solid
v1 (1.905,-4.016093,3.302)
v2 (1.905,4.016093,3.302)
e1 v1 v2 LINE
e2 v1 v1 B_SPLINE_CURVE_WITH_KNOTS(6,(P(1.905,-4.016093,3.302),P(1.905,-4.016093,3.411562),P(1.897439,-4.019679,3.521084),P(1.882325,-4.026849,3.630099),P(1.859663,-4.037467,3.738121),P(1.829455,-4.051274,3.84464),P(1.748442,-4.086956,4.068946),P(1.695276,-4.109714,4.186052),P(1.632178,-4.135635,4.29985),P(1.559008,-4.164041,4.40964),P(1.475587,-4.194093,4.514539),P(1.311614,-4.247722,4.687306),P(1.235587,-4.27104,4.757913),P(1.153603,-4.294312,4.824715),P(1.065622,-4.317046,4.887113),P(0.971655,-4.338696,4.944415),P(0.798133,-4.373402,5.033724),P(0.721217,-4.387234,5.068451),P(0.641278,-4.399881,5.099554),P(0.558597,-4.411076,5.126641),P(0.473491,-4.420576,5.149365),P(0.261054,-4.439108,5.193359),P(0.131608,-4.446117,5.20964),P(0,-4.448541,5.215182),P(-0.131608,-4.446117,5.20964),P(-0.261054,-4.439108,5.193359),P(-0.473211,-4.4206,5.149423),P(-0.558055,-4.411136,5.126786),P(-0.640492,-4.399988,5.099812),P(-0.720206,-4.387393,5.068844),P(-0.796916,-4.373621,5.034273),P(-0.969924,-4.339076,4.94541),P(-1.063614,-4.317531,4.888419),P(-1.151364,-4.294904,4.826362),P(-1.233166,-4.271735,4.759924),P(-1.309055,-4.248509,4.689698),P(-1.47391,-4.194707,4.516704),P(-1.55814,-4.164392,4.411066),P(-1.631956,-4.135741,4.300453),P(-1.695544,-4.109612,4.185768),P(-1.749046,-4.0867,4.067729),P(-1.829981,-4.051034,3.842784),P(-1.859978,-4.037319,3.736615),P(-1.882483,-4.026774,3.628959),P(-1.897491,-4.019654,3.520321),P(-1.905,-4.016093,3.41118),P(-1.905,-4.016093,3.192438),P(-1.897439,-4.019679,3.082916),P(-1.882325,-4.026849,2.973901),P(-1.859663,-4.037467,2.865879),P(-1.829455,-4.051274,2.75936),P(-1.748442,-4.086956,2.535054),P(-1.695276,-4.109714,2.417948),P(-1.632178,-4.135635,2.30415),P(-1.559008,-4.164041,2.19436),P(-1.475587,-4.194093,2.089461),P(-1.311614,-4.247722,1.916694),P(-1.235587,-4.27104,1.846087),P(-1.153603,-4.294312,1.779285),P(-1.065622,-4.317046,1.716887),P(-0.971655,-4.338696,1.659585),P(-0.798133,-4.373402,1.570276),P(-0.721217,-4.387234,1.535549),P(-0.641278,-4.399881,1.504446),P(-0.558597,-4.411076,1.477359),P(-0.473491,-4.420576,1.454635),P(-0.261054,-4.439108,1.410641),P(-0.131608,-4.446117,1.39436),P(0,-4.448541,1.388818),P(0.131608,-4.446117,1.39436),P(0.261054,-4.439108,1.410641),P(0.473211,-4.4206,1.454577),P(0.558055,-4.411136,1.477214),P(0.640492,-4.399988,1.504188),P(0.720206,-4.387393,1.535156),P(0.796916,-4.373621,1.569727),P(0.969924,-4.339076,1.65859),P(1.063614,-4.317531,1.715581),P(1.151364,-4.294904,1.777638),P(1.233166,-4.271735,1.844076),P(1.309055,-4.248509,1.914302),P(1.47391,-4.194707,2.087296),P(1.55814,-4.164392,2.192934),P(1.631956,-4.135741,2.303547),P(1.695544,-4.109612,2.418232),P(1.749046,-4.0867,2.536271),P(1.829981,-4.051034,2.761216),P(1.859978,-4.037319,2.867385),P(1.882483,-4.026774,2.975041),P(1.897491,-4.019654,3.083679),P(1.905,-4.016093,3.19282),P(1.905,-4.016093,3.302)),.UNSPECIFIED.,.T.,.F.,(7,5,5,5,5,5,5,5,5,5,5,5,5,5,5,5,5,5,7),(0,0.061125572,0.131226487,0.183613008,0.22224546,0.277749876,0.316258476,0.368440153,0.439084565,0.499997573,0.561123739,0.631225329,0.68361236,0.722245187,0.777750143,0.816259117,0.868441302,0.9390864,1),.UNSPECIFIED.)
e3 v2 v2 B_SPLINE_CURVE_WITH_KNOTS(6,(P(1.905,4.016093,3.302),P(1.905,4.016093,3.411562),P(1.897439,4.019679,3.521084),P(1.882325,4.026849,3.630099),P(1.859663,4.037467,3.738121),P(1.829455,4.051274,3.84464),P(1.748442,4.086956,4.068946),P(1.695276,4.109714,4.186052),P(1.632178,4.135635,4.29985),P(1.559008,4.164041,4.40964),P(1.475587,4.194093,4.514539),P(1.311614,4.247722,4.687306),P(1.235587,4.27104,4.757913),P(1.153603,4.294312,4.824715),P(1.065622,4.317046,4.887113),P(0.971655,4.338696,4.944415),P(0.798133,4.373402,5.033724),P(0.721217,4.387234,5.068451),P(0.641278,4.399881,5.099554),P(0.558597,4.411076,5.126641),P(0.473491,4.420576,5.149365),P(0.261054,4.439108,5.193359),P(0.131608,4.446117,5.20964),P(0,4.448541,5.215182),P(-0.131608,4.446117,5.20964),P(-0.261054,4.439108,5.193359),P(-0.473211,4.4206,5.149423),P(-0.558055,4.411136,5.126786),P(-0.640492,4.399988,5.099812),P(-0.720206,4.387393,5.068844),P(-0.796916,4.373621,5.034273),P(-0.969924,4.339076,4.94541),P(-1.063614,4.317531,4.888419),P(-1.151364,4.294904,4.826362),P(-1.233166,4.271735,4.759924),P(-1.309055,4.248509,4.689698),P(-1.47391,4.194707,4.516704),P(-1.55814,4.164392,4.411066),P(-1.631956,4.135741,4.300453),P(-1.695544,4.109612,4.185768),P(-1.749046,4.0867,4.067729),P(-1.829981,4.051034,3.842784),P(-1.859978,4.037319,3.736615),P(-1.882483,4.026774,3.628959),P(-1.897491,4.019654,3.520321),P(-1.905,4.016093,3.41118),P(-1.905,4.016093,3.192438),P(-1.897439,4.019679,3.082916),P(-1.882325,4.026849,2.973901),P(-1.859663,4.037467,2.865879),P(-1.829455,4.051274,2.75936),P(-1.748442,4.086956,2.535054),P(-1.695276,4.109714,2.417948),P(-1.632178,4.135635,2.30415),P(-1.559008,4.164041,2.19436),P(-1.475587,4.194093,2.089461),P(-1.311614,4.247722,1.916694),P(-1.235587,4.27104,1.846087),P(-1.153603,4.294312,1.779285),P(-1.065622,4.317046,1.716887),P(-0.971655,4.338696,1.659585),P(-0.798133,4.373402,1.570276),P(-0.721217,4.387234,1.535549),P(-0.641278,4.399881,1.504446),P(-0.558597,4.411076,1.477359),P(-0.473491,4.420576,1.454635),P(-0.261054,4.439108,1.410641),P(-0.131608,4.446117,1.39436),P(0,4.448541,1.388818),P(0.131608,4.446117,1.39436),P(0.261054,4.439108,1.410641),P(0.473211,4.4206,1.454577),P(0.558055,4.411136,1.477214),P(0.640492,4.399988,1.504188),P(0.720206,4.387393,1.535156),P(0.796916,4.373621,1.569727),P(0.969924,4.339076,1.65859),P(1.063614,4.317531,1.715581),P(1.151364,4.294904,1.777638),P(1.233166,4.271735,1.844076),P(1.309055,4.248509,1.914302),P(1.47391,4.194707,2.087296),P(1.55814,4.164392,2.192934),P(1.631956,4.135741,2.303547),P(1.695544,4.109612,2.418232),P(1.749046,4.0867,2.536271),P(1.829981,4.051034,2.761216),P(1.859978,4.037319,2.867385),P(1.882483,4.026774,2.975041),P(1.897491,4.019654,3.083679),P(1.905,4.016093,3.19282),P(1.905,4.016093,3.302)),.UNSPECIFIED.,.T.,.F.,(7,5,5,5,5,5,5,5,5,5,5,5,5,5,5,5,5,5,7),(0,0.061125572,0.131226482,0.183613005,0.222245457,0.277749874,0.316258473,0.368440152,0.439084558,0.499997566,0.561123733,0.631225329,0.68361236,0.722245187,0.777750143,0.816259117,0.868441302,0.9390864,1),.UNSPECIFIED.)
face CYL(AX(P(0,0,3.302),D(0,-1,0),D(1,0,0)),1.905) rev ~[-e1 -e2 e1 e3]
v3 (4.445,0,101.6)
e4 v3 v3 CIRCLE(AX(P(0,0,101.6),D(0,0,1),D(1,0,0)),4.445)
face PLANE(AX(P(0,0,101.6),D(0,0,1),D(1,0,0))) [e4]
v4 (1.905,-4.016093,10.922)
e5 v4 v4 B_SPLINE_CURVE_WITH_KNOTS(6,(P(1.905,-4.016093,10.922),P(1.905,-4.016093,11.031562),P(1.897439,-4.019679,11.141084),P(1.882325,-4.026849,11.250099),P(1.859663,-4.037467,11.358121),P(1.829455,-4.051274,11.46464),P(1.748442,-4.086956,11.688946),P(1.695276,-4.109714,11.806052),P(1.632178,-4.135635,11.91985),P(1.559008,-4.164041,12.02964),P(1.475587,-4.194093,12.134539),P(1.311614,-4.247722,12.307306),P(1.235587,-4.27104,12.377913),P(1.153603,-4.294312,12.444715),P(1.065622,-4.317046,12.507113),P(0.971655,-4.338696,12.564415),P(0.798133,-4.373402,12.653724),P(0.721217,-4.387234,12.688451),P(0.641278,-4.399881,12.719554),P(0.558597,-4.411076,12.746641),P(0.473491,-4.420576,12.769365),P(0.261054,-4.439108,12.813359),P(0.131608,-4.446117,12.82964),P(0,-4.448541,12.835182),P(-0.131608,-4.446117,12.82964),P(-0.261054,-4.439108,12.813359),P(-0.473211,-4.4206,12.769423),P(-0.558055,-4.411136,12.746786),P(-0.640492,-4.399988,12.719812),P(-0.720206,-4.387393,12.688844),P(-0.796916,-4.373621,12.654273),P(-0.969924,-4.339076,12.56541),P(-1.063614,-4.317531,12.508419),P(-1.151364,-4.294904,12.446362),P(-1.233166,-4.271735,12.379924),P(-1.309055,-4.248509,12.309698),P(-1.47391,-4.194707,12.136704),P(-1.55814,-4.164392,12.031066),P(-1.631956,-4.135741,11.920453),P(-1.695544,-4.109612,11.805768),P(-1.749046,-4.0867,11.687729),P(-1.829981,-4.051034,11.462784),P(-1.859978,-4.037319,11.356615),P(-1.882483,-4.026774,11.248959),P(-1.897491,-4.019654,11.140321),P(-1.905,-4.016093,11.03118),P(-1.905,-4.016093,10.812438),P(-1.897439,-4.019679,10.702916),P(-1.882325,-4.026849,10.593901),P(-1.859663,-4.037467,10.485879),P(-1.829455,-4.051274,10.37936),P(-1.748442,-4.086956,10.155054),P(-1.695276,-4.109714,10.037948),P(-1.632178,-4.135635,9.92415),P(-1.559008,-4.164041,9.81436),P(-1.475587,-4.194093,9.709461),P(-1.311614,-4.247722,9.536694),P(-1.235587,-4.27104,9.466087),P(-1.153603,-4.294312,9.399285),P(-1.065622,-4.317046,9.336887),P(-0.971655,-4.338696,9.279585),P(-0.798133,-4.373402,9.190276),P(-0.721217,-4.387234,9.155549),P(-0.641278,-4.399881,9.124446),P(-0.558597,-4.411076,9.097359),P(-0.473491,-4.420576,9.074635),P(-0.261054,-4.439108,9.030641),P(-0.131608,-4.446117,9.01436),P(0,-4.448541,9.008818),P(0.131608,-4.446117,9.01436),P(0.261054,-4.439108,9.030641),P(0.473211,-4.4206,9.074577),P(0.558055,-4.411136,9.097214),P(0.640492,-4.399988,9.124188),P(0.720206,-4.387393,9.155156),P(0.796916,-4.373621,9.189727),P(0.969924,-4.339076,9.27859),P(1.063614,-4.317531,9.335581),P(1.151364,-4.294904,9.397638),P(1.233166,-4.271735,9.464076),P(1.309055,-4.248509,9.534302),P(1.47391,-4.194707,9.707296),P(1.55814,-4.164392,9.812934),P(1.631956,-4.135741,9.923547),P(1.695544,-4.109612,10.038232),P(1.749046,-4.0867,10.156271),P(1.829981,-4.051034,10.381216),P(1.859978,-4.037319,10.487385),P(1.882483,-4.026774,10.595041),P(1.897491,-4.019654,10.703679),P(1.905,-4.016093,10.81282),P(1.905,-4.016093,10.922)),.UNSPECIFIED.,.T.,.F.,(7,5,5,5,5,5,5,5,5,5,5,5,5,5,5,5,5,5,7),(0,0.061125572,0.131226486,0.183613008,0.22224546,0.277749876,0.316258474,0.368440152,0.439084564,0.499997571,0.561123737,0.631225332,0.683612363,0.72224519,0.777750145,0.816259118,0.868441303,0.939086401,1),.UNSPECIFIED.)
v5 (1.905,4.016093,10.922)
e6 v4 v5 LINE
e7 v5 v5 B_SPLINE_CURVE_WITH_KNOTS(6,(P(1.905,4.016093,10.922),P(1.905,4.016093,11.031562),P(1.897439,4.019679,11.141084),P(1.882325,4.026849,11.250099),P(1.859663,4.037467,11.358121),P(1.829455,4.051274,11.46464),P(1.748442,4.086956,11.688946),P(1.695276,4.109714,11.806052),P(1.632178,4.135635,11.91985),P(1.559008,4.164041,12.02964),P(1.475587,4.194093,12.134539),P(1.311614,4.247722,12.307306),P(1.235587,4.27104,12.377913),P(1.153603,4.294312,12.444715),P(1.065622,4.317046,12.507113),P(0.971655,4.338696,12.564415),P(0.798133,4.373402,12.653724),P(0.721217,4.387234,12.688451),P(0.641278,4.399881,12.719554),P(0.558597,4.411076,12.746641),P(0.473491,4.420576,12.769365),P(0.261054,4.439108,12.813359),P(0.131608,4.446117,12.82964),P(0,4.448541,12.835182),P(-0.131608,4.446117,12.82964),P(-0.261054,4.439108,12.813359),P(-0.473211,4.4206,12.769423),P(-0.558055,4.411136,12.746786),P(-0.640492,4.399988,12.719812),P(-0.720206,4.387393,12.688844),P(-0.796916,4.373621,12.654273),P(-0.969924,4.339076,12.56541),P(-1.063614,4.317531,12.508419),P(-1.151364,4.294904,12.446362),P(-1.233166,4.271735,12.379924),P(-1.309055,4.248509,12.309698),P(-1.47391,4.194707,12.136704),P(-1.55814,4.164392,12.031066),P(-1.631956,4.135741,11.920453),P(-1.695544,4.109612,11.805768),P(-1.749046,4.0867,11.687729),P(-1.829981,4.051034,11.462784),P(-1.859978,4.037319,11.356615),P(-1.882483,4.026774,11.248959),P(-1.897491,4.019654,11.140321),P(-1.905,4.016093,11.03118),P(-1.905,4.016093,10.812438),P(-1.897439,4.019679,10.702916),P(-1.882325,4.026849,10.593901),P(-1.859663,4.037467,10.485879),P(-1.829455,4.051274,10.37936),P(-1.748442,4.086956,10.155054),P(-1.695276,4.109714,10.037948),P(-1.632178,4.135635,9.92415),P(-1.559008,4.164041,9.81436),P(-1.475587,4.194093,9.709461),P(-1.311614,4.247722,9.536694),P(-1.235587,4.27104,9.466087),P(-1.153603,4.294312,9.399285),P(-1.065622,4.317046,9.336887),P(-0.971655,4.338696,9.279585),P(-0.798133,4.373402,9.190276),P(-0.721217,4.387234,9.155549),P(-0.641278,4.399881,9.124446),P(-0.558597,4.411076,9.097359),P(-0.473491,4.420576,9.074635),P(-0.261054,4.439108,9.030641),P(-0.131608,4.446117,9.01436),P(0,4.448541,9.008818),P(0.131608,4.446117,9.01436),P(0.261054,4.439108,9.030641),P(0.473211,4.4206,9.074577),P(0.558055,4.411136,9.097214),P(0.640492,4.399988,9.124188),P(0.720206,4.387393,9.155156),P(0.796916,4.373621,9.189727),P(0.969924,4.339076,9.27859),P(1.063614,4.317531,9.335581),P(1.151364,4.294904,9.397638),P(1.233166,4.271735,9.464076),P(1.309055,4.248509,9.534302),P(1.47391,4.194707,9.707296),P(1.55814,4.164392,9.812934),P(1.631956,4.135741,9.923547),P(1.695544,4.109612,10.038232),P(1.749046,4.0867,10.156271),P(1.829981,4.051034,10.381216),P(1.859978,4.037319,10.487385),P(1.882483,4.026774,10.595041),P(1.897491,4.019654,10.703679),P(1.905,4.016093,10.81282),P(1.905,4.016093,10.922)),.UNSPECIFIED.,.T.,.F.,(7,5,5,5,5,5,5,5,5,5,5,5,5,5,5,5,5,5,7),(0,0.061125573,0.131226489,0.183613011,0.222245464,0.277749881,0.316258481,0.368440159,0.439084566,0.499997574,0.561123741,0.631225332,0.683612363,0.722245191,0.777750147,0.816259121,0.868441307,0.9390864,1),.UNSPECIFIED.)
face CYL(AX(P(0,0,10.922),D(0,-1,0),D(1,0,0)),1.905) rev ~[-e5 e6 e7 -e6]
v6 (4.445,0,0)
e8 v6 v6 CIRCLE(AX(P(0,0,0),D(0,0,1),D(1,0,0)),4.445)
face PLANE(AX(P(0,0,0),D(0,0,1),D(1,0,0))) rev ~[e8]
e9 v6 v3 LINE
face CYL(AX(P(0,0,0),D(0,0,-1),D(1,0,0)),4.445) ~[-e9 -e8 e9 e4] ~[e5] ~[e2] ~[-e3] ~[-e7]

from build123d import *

# Parameters (mm, degrees)
F0_R          = 4.445
F1_DEPTH      = 101.6
F2_R          = 1.905
F3_DEPTH      = 4.446
F3_DEPTH_BACK = 12.7


with BuildPart() as f1:
    # F0 (on Top) → F1 (new body)
    with BuildSketch(Plane.XY):
        Circle(F0_R)
    extrude(amount=F1_DEPTH)

    # F2 (on Front) → F3 (cut, two sides)
    with BuildSketch(Plane.XZ) as f3_sk:
        with Locations((0, 3.302)):
            Circle(F2_R)
        with Locations((0, 10.922)):
            Circle(F2_R)
    extrude(amount=-F3_DEPTH, mode=Mode.SUBTRACT)
    extrude(f3_sk.sketch, amount=F3_DEPTH_BACK, mode=Mode.SUBTRACT)


solid = f1.part
